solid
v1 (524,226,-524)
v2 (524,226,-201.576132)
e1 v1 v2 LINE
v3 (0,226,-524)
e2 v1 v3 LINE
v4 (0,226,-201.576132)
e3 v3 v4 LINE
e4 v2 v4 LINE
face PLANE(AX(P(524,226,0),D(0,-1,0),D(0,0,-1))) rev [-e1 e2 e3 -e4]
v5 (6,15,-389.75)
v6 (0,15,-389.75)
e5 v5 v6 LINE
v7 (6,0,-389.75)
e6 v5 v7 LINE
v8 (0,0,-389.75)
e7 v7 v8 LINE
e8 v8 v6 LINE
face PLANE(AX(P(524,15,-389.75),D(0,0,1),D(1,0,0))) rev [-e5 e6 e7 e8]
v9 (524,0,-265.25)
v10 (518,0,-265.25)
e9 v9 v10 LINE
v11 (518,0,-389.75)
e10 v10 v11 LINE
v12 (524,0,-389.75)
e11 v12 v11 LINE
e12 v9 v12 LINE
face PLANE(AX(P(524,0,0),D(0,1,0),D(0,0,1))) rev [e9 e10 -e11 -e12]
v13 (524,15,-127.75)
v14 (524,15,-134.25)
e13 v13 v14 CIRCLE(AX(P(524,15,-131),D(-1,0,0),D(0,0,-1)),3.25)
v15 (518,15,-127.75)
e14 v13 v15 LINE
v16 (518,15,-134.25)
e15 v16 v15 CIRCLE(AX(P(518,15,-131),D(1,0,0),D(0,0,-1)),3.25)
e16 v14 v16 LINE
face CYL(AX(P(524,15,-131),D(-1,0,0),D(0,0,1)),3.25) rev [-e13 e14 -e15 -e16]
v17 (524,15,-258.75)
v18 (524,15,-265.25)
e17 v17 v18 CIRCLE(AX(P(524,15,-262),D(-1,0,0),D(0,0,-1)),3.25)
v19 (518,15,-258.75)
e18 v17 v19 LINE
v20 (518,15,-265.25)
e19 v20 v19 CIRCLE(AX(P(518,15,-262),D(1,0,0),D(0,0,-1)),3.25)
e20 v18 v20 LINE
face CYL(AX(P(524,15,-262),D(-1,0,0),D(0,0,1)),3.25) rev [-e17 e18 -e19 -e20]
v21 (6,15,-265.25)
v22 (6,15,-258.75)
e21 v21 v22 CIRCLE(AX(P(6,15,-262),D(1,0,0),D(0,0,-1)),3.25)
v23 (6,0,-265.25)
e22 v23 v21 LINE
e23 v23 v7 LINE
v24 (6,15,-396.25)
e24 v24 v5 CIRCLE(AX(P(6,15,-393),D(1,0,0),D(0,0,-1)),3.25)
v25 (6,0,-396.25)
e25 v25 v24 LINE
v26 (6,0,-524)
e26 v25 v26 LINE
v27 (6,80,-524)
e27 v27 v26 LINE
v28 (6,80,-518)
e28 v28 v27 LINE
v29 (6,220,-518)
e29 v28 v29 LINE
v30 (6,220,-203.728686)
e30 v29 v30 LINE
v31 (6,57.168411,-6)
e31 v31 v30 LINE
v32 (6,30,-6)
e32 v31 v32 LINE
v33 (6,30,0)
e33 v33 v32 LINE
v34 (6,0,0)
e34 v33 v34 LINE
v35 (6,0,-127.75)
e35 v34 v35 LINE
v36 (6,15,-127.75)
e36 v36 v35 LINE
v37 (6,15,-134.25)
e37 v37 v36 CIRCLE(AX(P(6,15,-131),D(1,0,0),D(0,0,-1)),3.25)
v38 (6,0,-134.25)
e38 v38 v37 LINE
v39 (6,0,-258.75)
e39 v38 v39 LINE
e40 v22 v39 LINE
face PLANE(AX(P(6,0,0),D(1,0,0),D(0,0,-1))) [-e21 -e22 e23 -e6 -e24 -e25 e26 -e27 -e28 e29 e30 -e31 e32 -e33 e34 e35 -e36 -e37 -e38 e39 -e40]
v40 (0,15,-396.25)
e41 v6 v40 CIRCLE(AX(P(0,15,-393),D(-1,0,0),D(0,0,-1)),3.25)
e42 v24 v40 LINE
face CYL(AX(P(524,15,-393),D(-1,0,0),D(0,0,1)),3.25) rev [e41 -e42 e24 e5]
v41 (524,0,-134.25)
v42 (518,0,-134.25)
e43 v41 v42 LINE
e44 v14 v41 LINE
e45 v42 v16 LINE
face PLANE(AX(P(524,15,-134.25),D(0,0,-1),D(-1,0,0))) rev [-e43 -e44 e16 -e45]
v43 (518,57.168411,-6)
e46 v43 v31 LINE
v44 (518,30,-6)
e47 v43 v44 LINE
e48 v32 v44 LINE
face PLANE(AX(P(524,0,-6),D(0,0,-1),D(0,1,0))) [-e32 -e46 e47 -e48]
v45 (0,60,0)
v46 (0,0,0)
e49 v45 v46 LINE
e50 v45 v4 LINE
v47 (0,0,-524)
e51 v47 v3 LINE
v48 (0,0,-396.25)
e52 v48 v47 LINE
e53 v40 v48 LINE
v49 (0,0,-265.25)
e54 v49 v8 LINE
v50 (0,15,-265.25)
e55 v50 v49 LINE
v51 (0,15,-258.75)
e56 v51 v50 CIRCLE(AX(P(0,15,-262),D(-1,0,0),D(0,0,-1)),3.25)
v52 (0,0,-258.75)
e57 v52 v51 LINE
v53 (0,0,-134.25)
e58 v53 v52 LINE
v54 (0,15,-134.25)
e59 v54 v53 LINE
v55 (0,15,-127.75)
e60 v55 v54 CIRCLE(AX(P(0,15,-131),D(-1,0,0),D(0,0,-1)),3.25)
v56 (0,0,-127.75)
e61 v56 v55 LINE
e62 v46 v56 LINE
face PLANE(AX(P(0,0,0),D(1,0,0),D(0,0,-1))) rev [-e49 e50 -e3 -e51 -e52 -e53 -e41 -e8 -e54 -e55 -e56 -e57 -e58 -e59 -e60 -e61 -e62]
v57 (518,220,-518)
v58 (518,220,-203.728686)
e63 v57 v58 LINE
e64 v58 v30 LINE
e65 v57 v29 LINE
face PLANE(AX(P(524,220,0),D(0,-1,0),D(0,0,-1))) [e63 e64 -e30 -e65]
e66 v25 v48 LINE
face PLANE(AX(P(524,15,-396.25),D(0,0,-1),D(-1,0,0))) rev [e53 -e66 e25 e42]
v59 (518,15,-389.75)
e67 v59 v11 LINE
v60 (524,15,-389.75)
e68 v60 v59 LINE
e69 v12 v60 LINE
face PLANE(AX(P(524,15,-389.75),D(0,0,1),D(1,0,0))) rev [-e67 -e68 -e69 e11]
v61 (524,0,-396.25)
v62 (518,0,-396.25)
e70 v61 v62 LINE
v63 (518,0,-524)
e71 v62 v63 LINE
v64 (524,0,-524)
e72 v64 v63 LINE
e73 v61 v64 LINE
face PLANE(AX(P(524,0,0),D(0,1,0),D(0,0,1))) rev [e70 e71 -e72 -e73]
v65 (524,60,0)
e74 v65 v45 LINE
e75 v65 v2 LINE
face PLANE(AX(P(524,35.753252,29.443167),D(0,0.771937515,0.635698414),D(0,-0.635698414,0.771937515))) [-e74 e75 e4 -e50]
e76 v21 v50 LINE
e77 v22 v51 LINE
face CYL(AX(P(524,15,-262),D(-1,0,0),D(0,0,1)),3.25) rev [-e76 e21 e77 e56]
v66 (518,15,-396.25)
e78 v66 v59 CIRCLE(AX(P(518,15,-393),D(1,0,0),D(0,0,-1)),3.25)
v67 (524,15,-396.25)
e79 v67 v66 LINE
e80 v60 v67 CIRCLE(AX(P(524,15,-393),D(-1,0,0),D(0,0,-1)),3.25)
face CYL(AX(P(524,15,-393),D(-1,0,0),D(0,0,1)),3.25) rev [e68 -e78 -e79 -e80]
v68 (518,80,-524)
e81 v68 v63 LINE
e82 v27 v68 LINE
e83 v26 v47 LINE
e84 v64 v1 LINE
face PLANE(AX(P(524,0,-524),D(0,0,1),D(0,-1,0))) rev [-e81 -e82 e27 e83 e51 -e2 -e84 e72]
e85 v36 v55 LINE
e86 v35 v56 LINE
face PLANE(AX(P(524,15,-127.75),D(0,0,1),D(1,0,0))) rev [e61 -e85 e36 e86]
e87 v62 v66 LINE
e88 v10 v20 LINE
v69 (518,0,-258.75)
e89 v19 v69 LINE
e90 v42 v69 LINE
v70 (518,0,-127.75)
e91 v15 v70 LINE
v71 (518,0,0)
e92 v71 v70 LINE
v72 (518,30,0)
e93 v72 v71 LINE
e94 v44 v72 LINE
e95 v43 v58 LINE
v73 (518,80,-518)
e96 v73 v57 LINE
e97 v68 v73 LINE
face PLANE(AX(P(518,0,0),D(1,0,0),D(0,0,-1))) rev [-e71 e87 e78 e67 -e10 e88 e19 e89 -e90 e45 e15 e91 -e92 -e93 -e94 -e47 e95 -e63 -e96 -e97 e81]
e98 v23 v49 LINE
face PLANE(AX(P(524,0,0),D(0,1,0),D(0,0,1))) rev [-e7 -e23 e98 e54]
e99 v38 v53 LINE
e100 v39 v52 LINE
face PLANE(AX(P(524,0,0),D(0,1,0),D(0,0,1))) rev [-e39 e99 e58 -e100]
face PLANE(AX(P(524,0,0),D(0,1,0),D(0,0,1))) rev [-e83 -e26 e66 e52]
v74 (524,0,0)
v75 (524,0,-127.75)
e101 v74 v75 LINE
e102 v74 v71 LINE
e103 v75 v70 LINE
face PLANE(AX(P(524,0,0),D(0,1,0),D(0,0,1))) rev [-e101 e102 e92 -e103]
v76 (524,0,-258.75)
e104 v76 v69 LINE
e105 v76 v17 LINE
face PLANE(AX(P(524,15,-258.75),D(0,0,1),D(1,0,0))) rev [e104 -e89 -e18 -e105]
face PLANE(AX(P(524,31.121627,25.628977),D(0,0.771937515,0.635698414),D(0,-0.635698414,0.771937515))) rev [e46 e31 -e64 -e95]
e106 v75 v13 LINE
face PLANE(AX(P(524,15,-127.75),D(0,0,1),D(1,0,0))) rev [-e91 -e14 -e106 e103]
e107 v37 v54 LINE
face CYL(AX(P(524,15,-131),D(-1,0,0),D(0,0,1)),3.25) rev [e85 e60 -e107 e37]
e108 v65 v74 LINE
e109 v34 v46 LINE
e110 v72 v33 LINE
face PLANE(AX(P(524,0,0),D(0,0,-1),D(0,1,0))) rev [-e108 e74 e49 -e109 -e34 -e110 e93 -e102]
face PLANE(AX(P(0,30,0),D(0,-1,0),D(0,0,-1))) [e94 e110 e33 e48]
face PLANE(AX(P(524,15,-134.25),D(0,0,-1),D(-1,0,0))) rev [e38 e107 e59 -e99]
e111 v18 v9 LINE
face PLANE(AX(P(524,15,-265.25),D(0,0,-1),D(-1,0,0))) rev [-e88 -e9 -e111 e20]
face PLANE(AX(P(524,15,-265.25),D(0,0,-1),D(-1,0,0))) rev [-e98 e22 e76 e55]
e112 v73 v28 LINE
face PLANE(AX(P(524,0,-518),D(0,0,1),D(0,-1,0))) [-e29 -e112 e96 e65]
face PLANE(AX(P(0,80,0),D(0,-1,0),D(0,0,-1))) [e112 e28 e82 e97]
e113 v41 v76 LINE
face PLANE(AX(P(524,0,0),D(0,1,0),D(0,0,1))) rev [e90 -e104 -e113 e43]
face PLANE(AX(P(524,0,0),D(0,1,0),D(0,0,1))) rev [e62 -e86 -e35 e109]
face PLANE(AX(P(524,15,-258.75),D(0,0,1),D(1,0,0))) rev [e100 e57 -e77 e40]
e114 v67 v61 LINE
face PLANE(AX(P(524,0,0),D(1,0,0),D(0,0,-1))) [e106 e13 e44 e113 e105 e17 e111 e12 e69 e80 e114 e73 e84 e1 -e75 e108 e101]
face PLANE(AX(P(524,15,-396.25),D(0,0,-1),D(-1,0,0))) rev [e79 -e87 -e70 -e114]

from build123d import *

# Parameters (mm, degrees)
ESTRUSIONE_ESTRUSIONE1_DEPTH = 524
SVUOTA1_T                    = -6
SCHIZZO2_W                   = 512
SCHIZZO2_H                   = 6
TAGLIO_ESTRUSIONE1_DEPTH     = 30
SCHIZZO3_W                   = 512
SCHIZZO3_H                   = 6
TAGLIO_ESTRUSIONE2_DEPTH     = 80
TAGLIO_ESTRUSIONE3_DEPTH     = 775.74382863


with BuildPart() as part:
    # Schizzo1 → Estrusione-Estrusione1 (new body)
    with BuildSketch(Plane(origin=(0, 0, 0), x_dir=(0, 0, -1), z_dir=(1, 0, 0))):
        Polygon((524, 0), (524, 226), (201.576132106, 226), (0, 60), (0, 0), align=None)
    extrude(amount=ESTRUSIONE_ESTRUSIONE1_DEPTH)

    # Svuota1
    svuota1_openings = [part.faces().sort_by_distance(p)[0] for p in [
        (262, 0, -262),
    ]]
    offset(amount=SVUOTA1_T, openings=svuota1_openings, kind=Kind.INTERSECTION)

    # Schizzo2 → Taglio-Estrusione1 (cut)
    with BuildSketch(Plane.XZ):
        with Locations((262, -3)):
            Rectangle(SCHIZZO2_W, SCHIZZO2_H)
    extrude(amount=-TAGLIO_ESTRUSIONE1_DEPTH, mode=Mode.SUBTRACT)

    # Schizzo3 → Taglio-Estrusione2 (cut)
    with BuildSketch(Plane.XZ):
        with Locations((262, -521)):
            Rectangle(SCHIZZO3_W, SCHIZZO3_H)
    extrude(amount=-TAGLIO_ESTRUSIONE2_DEPTH, mode=Mode.SUBTRACT)

    # Schizzo4 → Taglio-Estrusione3 (cut, through all)
    with BuildSketch(Plane.ZY):
        with BuildLine():
            Line((-396.25, 15), (-396.25, 0))
            Line((-396.25, 0), (-389.75, 0))
            Line((-389.75, 0), (-389.75, 15))
            ThreePointArc((-389.75, 15), (-393, 18.25), (-396.25, 15))
        make_face()
        with BuildLine():
            Line((-265.25, 15), (-265.25, 0))
            Line((-265.25, 0), (-258.75, 0))
            Line((-258.75, 0), (-258.75, 15))
            ThreePointArc((-258.75, 15), (-262, 18.25), (-265.25, 15))
        make_face()
        with BuildLine():
            Line((-134.25, 0), (-127.75, 0))
            Line((-127.75, 0), (-127.75, 15))
            ThreePointArc((-127.75, 15), (-131, 18.25), (-134.25, 15))
            Line((-134.25, 15), (-134.25, 0))
        make_face()
    extrude(amount=-TAGLIO_ESTRUSIONE3_DEPTH, mode=Mode.SUBTRACT)


solid = part.part
